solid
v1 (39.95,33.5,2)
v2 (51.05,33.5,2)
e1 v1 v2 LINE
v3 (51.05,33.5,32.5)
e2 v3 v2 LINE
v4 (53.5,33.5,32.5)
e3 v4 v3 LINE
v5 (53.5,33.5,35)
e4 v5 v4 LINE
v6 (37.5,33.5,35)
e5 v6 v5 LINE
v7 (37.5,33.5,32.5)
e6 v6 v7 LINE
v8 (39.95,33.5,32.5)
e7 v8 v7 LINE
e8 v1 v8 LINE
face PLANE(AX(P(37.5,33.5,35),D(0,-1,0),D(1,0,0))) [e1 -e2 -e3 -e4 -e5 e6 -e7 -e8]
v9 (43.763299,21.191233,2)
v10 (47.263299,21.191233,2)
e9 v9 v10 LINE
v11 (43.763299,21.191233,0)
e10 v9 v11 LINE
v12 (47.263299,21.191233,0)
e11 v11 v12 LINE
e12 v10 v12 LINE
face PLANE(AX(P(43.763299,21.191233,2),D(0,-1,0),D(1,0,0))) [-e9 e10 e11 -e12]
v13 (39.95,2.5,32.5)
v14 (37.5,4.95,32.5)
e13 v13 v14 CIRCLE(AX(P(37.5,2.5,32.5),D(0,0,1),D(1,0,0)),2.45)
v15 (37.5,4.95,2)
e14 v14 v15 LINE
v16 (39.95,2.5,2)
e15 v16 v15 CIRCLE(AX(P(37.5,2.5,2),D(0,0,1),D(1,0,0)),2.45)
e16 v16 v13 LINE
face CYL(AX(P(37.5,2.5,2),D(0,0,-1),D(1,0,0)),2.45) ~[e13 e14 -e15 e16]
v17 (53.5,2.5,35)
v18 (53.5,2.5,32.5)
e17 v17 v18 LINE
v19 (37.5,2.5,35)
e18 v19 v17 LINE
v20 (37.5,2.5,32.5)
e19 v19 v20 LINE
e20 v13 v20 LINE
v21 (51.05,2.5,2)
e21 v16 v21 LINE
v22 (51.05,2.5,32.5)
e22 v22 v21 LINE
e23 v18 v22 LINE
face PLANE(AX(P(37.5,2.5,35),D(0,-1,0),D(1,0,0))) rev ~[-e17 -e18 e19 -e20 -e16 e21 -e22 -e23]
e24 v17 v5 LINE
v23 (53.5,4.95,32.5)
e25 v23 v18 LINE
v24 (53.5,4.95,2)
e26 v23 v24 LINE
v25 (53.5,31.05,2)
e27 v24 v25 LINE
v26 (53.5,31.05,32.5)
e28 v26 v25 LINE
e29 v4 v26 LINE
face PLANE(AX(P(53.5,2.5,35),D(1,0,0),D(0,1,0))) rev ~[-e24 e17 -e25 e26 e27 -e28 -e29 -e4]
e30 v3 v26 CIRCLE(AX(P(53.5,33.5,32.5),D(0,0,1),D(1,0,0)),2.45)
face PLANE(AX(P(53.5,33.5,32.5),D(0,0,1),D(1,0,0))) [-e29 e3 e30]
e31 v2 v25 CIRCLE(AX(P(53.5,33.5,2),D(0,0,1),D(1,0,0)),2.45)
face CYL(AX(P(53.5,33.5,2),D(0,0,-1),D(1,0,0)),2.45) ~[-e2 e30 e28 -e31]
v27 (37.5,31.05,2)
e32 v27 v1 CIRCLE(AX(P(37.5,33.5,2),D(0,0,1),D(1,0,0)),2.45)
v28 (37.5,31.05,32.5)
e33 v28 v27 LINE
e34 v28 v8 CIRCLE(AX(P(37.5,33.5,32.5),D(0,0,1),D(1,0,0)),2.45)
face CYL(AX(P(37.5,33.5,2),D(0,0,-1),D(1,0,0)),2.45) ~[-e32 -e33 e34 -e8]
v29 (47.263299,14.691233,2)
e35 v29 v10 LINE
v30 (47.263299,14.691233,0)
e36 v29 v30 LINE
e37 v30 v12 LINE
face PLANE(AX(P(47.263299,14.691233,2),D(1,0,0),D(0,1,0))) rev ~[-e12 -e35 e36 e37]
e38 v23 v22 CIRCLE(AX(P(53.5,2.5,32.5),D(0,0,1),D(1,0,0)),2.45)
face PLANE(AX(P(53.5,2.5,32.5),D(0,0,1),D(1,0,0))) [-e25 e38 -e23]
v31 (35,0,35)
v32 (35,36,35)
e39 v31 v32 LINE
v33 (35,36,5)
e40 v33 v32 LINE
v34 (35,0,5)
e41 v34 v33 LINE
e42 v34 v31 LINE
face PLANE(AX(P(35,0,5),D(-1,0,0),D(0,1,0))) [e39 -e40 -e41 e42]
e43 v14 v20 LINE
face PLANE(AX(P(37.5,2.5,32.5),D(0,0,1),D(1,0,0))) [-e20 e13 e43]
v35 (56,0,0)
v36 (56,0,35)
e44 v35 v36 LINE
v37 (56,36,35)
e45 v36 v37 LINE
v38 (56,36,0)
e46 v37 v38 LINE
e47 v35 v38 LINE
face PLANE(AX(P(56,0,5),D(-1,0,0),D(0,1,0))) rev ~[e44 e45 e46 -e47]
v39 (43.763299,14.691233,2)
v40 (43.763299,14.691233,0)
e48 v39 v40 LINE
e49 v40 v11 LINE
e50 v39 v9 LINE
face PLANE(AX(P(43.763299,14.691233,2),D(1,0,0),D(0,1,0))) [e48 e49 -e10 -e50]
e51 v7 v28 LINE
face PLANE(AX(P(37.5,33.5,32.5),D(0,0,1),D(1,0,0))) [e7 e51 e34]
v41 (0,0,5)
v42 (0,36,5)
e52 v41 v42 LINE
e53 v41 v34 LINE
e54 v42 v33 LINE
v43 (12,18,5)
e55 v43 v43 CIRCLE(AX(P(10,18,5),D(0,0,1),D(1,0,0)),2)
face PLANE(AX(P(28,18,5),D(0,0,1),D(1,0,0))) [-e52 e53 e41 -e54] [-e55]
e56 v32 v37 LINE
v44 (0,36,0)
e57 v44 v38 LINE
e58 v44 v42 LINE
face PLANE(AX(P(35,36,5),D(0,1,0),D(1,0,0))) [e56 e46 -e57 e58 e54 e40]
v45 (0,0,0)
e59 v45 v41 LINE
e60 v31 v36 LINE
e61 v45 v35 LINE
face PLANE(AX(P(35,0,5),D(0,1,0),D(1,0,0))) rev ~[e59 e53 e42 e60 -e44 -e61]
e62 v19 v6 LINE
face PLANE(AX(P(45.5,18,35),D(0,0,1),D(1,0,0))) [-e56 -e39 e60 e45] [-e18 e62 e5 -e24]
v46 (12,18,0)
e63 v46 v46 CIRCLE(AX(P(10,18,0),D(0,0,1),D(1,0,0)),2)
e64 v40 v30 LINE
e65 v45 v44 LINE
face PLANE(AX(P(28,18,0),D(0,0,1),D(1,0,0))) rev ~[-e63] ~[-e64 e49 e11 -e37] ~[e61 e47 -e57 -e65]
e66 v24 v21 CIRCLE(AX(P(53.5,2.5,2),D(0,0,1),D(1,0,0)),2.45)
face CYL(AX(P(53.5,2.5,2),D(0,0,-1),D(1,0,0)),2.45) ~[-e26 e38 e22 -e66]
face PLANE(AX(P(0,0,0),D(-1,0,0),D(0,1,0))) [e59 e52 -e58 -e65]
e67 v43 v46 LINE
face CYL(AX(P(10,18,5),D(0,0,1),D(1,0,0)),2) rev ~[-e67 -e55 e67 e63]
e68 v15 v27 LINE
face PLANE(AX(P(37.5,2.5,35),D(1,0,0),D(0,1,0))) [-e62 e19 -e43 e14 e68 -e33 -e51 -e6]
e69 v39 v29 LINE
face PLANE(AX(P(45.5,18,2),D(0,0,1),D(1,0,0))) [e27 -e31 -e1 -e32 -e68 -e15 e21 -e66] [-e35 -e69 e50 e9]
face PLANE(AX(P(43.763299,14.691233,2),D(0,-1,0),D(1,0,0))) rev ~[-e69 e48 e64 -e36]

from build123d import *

# Parameters (mm, degrees)
SKETCH_W        = 56
SKETCH_H        = 36
PAD_DEPTH       = 5
SKETCH001_W     = 21
SKETCH001_H     = 36
PAD001_DEPTH    = 30
SKETCH002_W     = 16
SKETCH002_H     = 31
POCKET_DEPTH    = 33
SKETCH003_R     = 2.45
PAD002_DEPTH    = 30.5
SKETCH004_W     = 3.5
SKETCH004_H     = 6.5
POCKET001_DEPTH = 2
SKETCH005_R     = 2
POCKET002_DEPTH = 5


with BuildPart() as part:
    # Sketch → Pad (new body)
    with BuildSketch(Plane.XY):
        with Locations((28, 18)):
            Rectangle(SKETCH_W, SKETCH_H)
    extrude(amount=PAD_DEPTH)

    # Sketch001 (on Face6 of Pad) → Pad001 (join)
    with BuildSketch(Plane.XY.offset(5)):
        with Locations((45.5, 18)):
            Rectangle(SKETCH001_W, SKETCH001_H)
    extrude(amount=PAD001_DEPTH)

    # Sketch002 (on Face10 of Pad001) → Pocket (cut)
    with BuildSketch(Plane.XY.offset(35)):
        with Locations((45.5, 18)):
            Rectangle(SKETCH002_W, SKETCH002_H)
    extrude(amount=-POCKET_DEPTH, mode=Mode.SUBTRACT)

    # Sketch003 (on Face16 of Pocket) → Pad002 (join)
    with BuildSketch(Plane.XY.offset(2)):
        with Locations((37.5, 33.5)):
            Circle(SKETCH003_R)
        with Locations((53.5, 33.5)):
            Circle(SKETCH003_R)
        with Locations((37.5, 2.5)):
            Circle(SKETCH003_R)
        with Locations((53.5, 2.5)):
            Circle(SKETCH003_R)
    extrude(amount=PAD002_DEPTH)

    # Sketch004 (on Face18 of Pad002) → Pocket001 (cut)
    with BuildSketch(Plane.XY.offset(2)):
        with Locations((45.513299, 17.941233)):
            Rectangle(SKETCH004_W, SKETCH004_H)
    extrude(amount=-POCKET001_DEPTH, mode=Mode.SUBTRACT)

    # Sketch005 (on Face5 of Pocket001) → Pocket002 (cut)
    with BuildSketch(Plane.XY.offset(5)):
        with Locations((10, 18)):
            Circle(SKETCH005_R)
    extrude(amount=-POCKET002_DEPTH, mode=Mode.SUBTRACT)


solid = part.part
